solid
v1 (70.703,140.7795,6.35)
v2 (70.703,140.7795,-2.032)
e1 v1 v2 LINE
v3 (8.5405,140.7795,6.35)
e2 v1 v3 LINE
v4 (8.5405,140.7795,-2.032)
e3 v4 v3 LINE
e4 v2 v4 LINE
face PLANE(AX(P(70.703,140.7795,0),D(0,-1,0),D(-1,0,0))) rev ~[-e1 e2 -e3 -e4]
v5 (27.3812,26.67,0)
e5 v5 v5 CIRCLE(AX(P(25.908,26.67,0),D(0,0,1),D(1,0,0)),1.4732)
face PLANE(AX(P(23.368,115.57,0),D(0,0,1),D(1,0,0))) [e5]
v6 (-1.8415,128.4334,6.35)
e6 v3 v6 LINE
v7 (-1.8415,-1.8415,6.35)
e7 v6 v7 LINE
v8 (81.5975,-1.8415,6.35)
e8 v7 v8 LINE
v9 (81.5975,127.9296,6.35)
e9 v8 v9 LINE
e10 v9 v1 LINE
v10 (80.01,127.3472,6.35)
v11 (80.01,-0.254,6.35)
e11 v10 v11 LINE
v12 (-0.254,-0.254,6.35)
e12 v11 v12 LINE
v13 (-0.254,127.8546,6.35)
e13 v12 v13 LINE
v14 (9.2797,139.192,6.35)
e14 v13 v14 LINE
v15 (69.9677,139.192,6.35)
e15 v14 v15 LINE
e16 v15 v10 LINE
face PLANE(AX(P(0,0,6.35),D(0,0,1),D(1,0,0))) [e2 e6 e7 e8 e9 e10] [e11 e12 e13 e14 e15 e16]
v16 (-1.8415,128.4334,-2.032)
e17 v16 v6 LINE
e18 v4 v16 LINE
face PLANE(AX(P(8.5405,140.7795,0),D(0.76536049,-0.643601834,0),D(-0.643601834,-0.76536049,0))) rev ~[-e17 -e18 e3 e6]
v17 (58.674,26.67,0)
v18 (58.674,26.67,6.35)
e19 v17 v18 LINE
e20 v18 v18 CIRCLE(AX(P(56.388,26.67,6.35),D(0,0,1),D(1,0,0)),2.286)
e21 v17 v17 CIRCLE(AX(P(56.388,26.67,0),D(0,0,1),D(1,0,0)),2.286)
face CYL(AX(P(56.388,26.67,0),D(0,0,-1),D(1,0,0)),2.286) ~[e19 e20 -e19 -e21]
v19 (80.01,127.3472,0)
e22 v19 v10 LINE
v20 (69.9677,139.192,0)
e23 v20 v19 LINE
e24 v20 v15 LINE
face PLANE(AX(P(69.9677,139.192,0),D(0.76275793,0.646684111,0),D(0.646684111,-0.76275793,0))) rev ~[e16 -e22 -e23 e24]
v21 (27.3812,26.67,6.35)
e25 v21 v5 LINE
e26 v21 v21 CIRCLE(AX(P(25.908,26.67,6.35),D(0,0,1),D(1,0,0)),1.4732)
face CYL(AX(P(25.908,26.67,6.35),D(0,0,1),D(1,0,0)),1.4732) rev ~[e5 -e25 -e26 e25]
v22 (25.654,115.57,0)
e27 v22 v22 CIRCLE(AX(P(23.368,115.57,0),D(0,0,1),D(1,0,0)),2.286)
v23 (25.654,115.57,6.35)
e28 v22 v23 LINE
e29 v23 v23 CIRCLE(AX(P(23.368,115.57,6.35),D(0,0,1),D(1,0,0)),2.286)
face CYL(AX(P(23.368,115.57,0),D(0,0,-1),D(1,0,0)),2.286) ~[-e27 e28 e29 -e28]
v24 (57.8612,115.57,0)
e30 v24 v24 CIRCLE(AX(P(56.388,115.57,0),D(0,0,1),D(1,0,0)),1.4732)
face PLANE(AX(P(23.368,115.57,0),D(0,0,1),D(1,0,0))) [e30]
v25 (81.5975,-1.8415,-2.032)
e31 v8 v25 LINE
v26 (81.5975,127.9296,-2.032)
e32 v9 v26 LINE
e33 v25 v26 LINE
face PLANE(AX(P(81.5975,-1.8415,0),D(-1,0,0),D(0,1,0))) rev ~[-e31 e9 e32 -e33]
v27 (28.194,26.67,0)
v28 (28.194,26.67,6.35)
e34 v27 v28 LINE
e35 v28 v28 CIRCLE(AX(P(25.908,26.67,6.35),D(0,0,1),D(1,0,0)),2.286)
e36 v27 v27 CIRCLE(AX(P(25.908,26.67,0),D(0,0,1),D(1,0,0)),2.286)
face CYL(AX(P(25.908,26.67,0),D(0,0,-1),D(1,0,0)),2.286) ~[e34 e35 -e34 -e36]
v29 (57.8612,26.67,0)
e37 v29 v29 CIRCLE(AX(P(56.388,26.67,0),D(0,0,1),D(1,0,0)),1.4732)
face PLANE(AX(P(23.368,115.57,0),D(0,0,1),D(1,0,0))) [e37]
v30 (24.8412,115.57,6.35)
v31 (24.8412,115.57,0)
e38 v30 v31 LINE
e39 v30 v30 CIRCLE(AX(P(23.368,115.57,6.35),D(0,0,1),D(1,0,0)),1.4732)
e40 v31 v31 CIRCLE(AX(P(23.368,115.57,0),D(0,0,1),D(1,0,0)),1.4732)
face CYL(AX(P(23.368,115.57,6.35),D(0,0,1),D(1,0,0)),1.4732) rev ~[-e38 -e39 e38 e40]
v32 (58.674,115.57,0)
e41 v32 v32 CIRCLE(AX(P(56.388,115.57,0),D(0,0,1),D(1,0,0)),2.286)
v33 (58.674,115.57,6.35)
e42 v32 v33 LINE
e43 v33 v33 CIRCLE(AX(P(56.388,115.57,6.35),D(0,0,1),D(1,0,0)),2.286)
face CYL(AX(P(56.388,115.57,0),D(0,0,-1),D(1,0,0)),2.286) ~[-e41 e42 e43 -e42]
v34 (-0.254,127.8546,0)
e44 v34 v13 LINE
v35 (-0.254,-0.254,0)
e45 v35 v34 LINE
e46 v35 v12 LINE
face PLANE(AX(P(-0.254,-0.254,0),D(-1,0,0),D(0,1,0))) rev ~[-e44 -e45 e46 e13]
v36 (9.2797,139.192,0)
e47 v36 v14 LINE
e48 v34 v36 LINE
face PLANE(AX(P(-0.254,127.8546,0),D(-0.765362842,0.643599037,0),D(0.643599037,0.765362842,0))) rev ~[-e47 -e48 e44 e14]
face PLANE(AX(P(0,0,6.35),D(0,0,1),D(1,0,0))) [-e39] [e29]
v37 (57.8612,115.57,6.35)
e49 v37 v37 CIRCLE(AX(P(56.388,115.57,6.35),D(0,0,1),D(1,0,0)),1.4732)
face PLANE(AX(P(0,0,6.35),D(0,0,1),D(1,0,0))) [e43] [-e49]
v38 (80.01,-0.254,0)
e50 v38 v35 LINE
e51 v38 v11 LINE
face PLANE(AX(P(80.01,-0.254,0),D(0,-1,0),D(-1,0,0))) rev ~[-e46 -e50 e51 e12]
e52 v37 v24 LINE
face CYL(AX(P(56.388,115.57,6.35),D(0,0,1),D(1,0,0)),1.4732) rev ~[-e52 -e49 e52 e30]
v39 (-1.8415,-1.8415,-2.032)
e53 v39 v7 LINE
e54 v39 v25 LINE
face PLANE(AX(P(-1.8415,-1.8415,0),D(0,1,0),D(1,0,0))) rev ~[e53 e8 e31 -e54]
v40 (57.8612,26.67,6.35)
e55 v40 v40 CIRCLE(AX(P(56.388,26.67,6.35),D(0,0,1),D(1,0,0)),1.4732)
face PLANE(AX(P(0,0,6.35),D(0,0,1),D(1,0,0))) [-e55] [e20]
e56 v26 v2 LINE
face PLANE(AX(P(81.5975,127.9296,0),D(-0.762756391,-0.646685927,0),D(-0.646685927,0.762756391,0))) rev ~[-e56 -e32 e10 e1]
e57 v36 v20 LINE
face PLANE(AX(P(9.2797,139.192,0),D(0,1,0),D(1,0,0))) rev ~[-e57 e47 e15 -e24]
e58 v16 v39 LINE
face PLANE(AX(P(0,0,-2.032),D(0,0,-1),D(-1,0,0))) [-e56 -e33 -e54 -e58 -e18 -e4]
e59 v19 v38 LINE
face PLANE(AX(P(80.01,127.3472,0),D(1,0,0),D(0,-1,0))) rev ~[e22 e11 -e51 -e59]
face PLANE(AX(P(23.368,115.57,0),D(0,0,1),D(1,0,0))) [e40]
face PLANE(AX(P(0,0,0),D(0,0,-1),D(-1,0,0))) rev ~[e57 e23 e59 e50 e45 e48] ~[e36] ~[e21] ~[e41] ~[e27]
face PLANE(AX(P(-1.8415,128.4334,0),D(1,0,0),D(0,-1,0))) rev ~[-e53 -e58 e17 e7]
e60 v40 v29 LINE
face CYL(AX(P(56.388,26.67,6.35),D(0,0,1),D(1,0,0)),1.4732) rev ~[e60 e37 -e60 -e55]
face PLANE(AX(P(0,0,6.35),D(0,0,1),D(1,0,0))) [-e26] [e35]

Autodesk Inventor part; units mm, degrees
ref_plane "YZ Plane" through (0, 0, 0) normal (1, 0, 0) x (0, 1, 0)
ref_plane "XZ Plane" through (0, 0, 0) normal (0, 1, 0) x (-1, 0, 0)
ref_plane "XY Plane" through (0, 0, 0) normal (0, 0, 1) x (1, 0, 0)
sketch "Sketch1" plane through (0, 0, 0) normal (0, 0, 1) x (1, 0, 0)
  line L0 (79.756, 127.254) -> (79.756, 0)
  line L1 (69.85, 138.938) -> (79.756, 127.254)
  line L2 (9.398, 138.938) -> (69.85, 138.938)
  line L3 (0, 127.762) -> (9.398, 138.938)
  line L4 (0, 0) -> (0, 127.762)
  line L5 (79.756, 0) -> (0, 0)
  circle A0 centre (28.448, 132.08) radius 0.51
  circle A1 centre (20.828, 132.08) radius 0.51
  circle A2 centre (22.988, 132.08) radius 0.55
  circle A3 centre (23.368, 115.57) radius 2.54
  circle A4 centre (13.208, 129.54) radius 0.51
  circle A5 centre (6.858, 101.6) radius 0.51
  circle A6 centre (9.398, 101.6) radius 0.51
  circle A7 centre (6.858, 103.76) radius 0.55
  circle A8 centre (9.398, 109.22) radius 0.51
  circle A9 centre (6.858, 109.22) radius 0.51
  circle A10 centre (6.858, 111.38) radius 0.55
  circle A11 centre (6.858, 124.46) radius 0.51
  circle A12 centre (9.398, 124.46) radius 0.51
  circle A13 centre (9.398, 116.84) radius 0.51
  circle A14 centre (6.858, 116.84) radius 0.51
  circle A15 centre (6.858, 119) radius 0.55
  circle A16 centre (6.858, 126.62) radius 0.55
  circle A17 centre (6.858, 96.14) radius 0.55
  circle A18 centre (6.858, 88.52) radius 0.55
  circle A19 centre (9.398, 93.98) radius 0.51
  circle A20 centre (6.858, 93.98) radius 0.51
  circle A21 centre (6.858, 39.37) radius 0.51
  circle A22 centre (6.858, 41.53) radius 0.55
  circle A23 centre (6.858, 49.15) radius 0.55
  circle A24 centre (6.858, 46.99) radius 0.51
  circle A25 centre (6.858, 54.61) radius 0.51
  circle A26 centre (6.858, 56.77) radius 0.55
  circle A27 centre (6.858, 80.9) radius 0.55
  circle A28 centre (6.858, 78.74) radius 0.51
  circle A29 centre (6.858, 73.28) radius 0.55
  circle A30 centre (6.858, 64.39) radius 0.55
  circle A31 centre (6.858, 71.12) radius 0.51
  circle A32 centre (6.858, 62.23) radius 0.51
  circle A33 centre (9.398, 71.12) radius 0.51
  circle A34 centre (9.398, 62.23) radius 0.51
  circle A35 centre (9.398, 39.37) radius 0.51
  circle A36 centre (9.398, 46.99) radius 0.51
  circle A37 centre (9.398, 54.61) radius 0.51
  circle A38 centre (9.398, 78.74) radius 0.51
  circle A39 centre (6.858, 86.36) radius 0.51
  circle A40 centre (9.398, 86.36) radius 0.51
  circle A41 centre (1.778, 78.74) radius 0.51
  circle A42 centre (1.778, 86.36) radius 0.51
  circle A43 centre (1.778, 109.22) radius 0.51
  circle A44 centre (1.778, 101.6) radius 0.51
  circle A45 centre (1.778, 93.98) radius 0.51
  circle A46 centre (4.318, 78.74) radius 0.51
  circle A47 centre (4.318, 86.36) radius 0.51
  circle A48 centre (4.318, 109.22) radius 0.51
  circle A49 centre (4.318, 101.6) radius 0.51
  circle A50 centre (4.318, 93.98) radius 0.51
  circle A51 centre (4.318, 39.37) radius 0.51
  circle A52 centre (1.778, 39.37) radius 0.51
  circle A53 centre (1.778, 54.61) radius 0.51
  circle A54 centre (4.318, 54.61) radius 0.51
  circle A55 centre (4.318, 46.99) radius 0.51
  circle A56 centre (1.778, 46.99) radius 0.51
  circle A57 centre (1.778, 71.12) radius 0.51
  circle A58 centre (4.318, 71.12) radius 0.51
  circle A59 centre (1.778, 62.23) radius 0.51
  circle A60 centre (4.318, 62.23) radius 0.51
  circle A61 centre (4.318, 124.46) radius 0.51
  circle A62 centre (4.318, 116.84) radius 0.51
  circle A63 centre (1.778, 116.84) radius 0.51
  circle A64 centre (1.778, 124.46) radius 0.51
  circle A65 centre (33.528, 40.64) radius 0.5
  circle A66 centre (36.068, 137.16) radius 0.51
  circle A67 centre (36.068, 134.62) radius 0.51
  circle A68 centre (36.068, 132.08) radius 0.51
  circle A69 centre (36.068, 129.54) radius 0.51
  circle A70 centre (33.528, 76.2) radius 0.5
  circle A71 centre (33.528, 78.74) radius 0.5
  circle A72 centre (33.528, 81.28) radius 0.5
  circle A73 centre (33.528, 88.9) radius 0.5
  circle A74 centre (33.528, 86.36) radius 0.5
  circle A75 centre (33.528, 83.82) radius 0.5
  circle A76 centre (33.528, 93.98) radius 0.5
  circle A77 centre (33.528, 91.44) radius 0.5
  circle A78 centre (33.528, 96.52) radius 0.5
  circle A79 centre (33.528, 99.06) radius 0.5
  circle A80 centre (33.528, 45.72) radius 0.5
  circle A81 centre (33.528, 48.26) radius 0.5
  circle A82 centre (33.528, 53.34) radius 0.5
  circle A83 centre (33.528, 50.8) radius 0.5
  circle A84 centre (33.528, 58.42) radius 0.5
  circle A85 centre (33.528, 55.88) radius 0.5
  circle A86 centre (33.528, 73.66) radius 0.5
  circle A87 centre (33.528, 71.12) radius 0.5
  circle A88 centre (33.528, 68.58) radius 0.5
  circle A89 centre (33.528, 63.5) radius 0.5
  circle A90 centre (33.528, 66.04) radius 0.5
  circle A91 centre (33.528, 60.96) radius 0.5
  circle A92 centre (30.608, 132.08) radius 0.55
  circle A93 centre (33.528, 43.18) radius 0.5
  circle A94 centre (13.208, 134.62) radius 0.51
  circle A95 centre (20.828, 134.62) radius 0.51
  circle A96 centre (15.368, 132.08) radius 0.55
  circle A97 centre (13.208, 132.08) radius 0.51
  circle A98 centre (20.828, 129.54) radius 0.51
  circle A99 centre (13.208, 137.16) radius 0.51
  circle A100 centre (20.828, 137.16) radius 0.51
  circle A101 centre (28.448, 137.16) radius 0.51
  circle A102 centre (28.448, 134.62) radius 0.51
  circle A103 centre (28.448, 129.54) radius 0.51
  circle A104 centre (77.978, 44.45) radius 0.51
  circle A105 centre (75.438, 46.61) radius 0.55
  circle A106 centre (75.438, 44.45) radius 0.51
  circle A107 centre (75.438, 54.23) radius 0.55
  circle A108 centre (75.438, 52.07) radius 0.51
  circle A109 centre (77.978, 52.07) radius 0.51
  circle A110 centre (77.978, 60.96) radius 0.51
  circle A111 centre (75.438, 60.96) radius 0.51
  circle A112 centre (75.438, 63.12) radius 0.55
  circle A113 centre (70.358, 52.07) radius 0.51
  circle A114 centre (70.358, 44.45) radius 0.51
  circle A115 centre (70.358, 60.96) radius 0.51
  circle A116 centre (72.898, 60.96) radius 0.51
  circle A117 centre (72.898, 44.45) radius 0.51
  circle A118 centre (72.898, 52.07) radius 0.51
  circle A119 centre (70.358, 68.326) radius 0.51
  circle A120 centre (72.898, 68.326) radius 0.51
  circle A121 centre (77.978, 68.326) radius 0.51
  circle A122 centre (75.438, 68.326) radius 0.51
  circle A123 centre (75.438, 79.376) radius 0.55
  circle A124 centre (75.438, 77.216) radius 0.51
  circle A125 centre (77.978, 77.216) radius 0.51
  circle A126 centre (75.438, 70.486) radius 0.55
  circle A127 centre (72.898, 77.216) radius 0.51
  circle A128 centre (70.358, 77.216) radius 0.51
  circle A129 centre (48.768, 78.74) radius 0.5
  circle A130 centre (48.768, 76.2) radius 0.5
  circle A131 centre (48.768, 73.66) radius 0.5
  circle A132 centre (48.768, 68.58) radius 0.5
  circle A133 centre (48.768, 71.12) radius 0.5
  circle A134 centre (48.768, 66.04) radius 0.5
  circle A135 centre (48.768, 50.8) radius 0.5
  circle A136 centre (48.768, 53.34) radius 0.5
  circle A137 centre (48.768, 58.42) radius 0.5
  circle A138 centre (48.768, 55.88) radius 0.5
  circle A139 centre (48.768, 63.5) radius 0.5
  circle A140 centre (48.768, 60.96) radius 0.5
  circle A141 centre (48.768, 48.26) radius 0.5
  circle A142 centre (48.768, 45.72) radius 0.5
  circle A143 centre (75.438, 103.506) radius 0.55
  circle A144 centre (75.438, 101.346) radius 0.51
  circle A145 centre (72.898, 101.346) radius 0.51
  circle A146 centre (75.438, 95.886) radius 0.55
  circle A147 centre (72.898, 86.106) radius 0.51
  circle A148 centre (75.438, 88.266) radius 0.55
  circle A149 centre (75.438, 86.106) radius 0.51
  circle A150 centre (75.438, 93.726) radius 0.51
  circle A151 centre (72.898, 93.726) radius 0.51
  circle A152 centre (70.358, 93.726) radius 0.51
  circle A153 centre (70.358, 101.346) radius 0.51
  circle A154 centre (70.358, 86.106) radius 0.51
  circle A155 centre (48.768, 86.36) radius 0.5
  circle A156 centre (48.768, 88.9) radius 0.5
  circle A157 centre (48.768, 91.44) radius 0.5
  circle A158 centre (48.768, 96.52) radius 0.5
  circle A159 centre (48.768, 93.98) radius 0.5
  circle A160 centre (48.768, 99.06) radius 0.5
  circle A161 centre (77.978, 93.726) radius 0.51
  circle A162 centre (77.978, 86.106) radius 0.51
  circle A163 centre (77.978, 101.346) radius 0.51
  circle A164 centre (48.768, 83.82) radius 0.5
  circle A165 centre (48.768, 81.28) radius 0.5
  circle A166 centre (66.548, 129.54) radius 0.51
  circle A167 centre (58.928, 129.54) radius 0.51
  circle A168 centre (51.308, 129.54) radius 0.51
  circle A169 centre (70.358, 123.952) radius 0.51
  circle A170 centre (72.898, 116.586) radius 0.51
  circle A171 centre (70.358, 116.586) radius 0.51
  circle A172 centre (72.898, 123.952) radius 0.51
  circle A173 centre (56.388, 115.57) radius 2.54
  circle A174 centre (77.978, 116.586) radius 0.51
  circle A175 centre (75.438, 116.586) radius 0.51
  circle A176 centre (75.438, 118.746) radius 0.55
  circle A177 centre (75.438, 126.112) radius 0.55
  circle A178 centre (75.438, 123.952) radius 0.51
  circle A179 centre (77.978, 123.952) radius 0.51
  circle A180 centre (75.438, 108.966) radius 0.51
  circle A181 centre (77.978, 108.966) radius 0.51
  circle A182 centre (72.898, 108.966) radius 0.51
  circle A183 centre (75.438, 111.126) radius 0.55
  circle A184 centre (70.358, 108.966) radius 0.51
  circle A185 centre (51.308, 137.16) radius 0.51
  circle A186 centre (51.308, 134.62) radius 0.51
  circle A187 centre (58.928, 137.16) radius 0.51
  circle A188 centre (58.928, 134.62) radius 0.51
  circle A189 centre (66.548, 134.62) radius 0.51
  circle A190 centre (66.548, 137.16) radius 0.51
  circle A191 centre (53.468, 132.08) radius 0.55
  circle A192 centre (61.088, 132.08) radius 0.55
  circle A193 centre (58.928, 132.08) radius 0.51
  circle A194 centre (51.308, 132.08) radius 0.51
  circle A195 centre (66.548, 132.08) radius 0.51
  circle A196 centre (68.708, 132.08) radius 0.55
  circle A197 centre (43.688, 129.54) radius 0.51
  circle A198 centre (43.688, 132.08) radius 0.51
  circle A199 centre (43.688, 134.62) radius 0.51
  circle A200 centre (45.848, 132.08) radius 0.55
  circle A201 centre (43.688, 137.16) radius 0.51
  circle A202 centre (48.768, 43.18) radius 0.5
  circle A203 centre (38.228, 132.08) radius 0.55
  circle A204 centre (48.768, 40.64) radius 0.5
  circle A205 centre (4.318, 12.7) radius 0.51
  circle A206 centre (6.858, 14.86) radius 0.55
  circle A207 centre (6.858, 12.7) radius 0.51
  circle A208 centre (9.398, 12.7) radius 0.51
  circle A209 centre (32.258, 14.732) radius 0.89
  circle A210 centre (37.338, 14.732) radius 0.89
  circle A211 centre (77.978, 19.05) radius 0.51
  circle A212 centre (75.438, 19.05) radius 0.51
  circle A213 centre (75.438, 13.59) radius 0.55
  circle A214 centre (70.358, 19.05) radius 0.51
  circle A215 centre (72.898, 19.05) radius 0.51
  circle A216 centre (42.418, 14.732) radius 0.89
  circle A217 centre (47.498, 14.732) radius 0.89
  circle A218 centre (4.318, 21.59) radius 0.51
  circle A219 centre (6.858, 21.59) radius 0.51
  circle A220 centre (9.398, 21.59) radius 0.51
  circle A221 centre (9.398, 30.48) radius 0.51
  circle A222 centre (25.908, 26.67) radius 2.54
  circle A223 centre (77.978, 26.67) radius 0.51
  circle A224 centre (75.438, 26.67) radius 0.51
  circle A225 centre (70.358, 26.67) radius 0.51
  circle A226 centre (72.898, 26.67) radius 0.51
  circle A227 centre (75.438, 28.83) radius 0.55
  circle A228 centre (56.388, 26.67) radius 2.5527
  circle A229 centre (75.438, 21.21) radius 0.55
  circle A230 centre (4.318, 30.48) radius 0.51
  circle A231 centre (6.858, 30.48) radius 0.51
  circle A232 centre (6.858, 23.75) radius 0.55
  circle A233 centre (70.358, 35.56) radius 0.51
  circle A234 centre (72.898, 35.56) radius 0.51
  circle A235 centre (77.978, 35.56) radius 0.51
  circle A236 centre (75.438, 35.56) radius 0.51
  circle A237 centre (6.858, 32.64) radius 0.55
  circle A238 centre (1.778, 30.48) radius 0.51
  circle A239 centre (1.778, 21.59) radius 0.51
  circle A240 centre (1.778, 12.7) radius 0.51
  circle A241 centre (75.438, 37.72) radius 0.55
  circle A242 centre (72.898, 3.81) radius 0.51
  circle A243 centre (77.978, 3.81) radius 0.51
  circle A244 centre (75.438, 3.81) radius 0.51
  circle A245 centre (75.438, 5.97) radius 0.55
  circle A246 centre (70.358, 3.81) radius 0.51
  circle A247 centre (6.858, 7.24) radius 0.55
  circle A248 centre (6.858, 5.08) radius 0.51
  circle A249 centre (9.398, 5.08) radius 0.51
  circle A250 centre (1.778, 5.08) radius 0.51
  circle A251 centre (4.318, 5.08) radius 0.51
  circle A252 centre (75.438, 11.43) radius 0.51
  circle A253 centre (72.898, 11.43) radius 0.51
  circle A254 centre (70.358, 11.43) radius 0.51
  circle A255 centre (77.978, 11.43) radius 0.51
  point P0 (-85.852, 184.15)
sketch "Sketch2" plane through (0, 0, 0) normal (0, 0, 1) x (1, 0, 0)
  circle A0 centre (23.368, 115.57) radius 2.54 projected
  circle A1 centre (56.388, 115.57) radius 2.54 projected
  line L0 (0, 127.762) -> (9.398, 138.938) projected
  line L1 (9.398, 138.938) -> (69.85, 138.938) projected
  line L2 (0, 0) -> (0, 127.762) projected
  line L3 (69.85, 138.938) -> (79.756, 127.254) projected
  line L4 (79.756, 127.254) -> (79.756, 0) projected
  line L5 (79.756, 0) -> (0, 0) projected
  circle A2 centre (25.908, 26.67) radius 2.54 projected
  circle A3 centre (56.388, 26.67) radius 2.5527 projected
  circle A4 centre (23.368, 115.57) radius 2.286
  circle A5 centre (56.388, 115.57) radius 2.286
  circle A6 centre (25.908, 26.67) radius 2.286
  circle A7 centre (56.388, 26.67) radius 2.286
  line L6 (-0.254, 127.8546) -> (9.2797, 139.192)
  line L7 (9.2797, 139.192) -> (69.9677, 139.192)
  line L8 (69.9677, 139.192) -> (80.01, 127.3472)
  line L9 (80.01, 127.3472) -> (80.01, -0.254)
  line L10 (80.01, -0.254) -> (-0.254, -0.254)
  line L11 (-0.254, -0.254) -> (-0.254, 127.8546)
  line L12 (8.5405, 140.7795) -> (-1.8415, 128.4334)
  line L13 (-1.8415, 128.4334) -> (-1.8415, -1.8415)
  line L14 (-1.8415, -1.8415) -> (81.5975, -1.8415)
  line L15 (81.5975, -1.8415) -> (81.5975, 127.9296)
  line L16 (81.5975, 127.9296) -> (70.703, 140.7795)
  line L17 (70.703, 140.7795) -> (8.5405, 140.7795)
  dimension "d528" = 0.254
  dimension "d532" = 0.254
  dimension "d533" = 1.5875
extrude "Extrusion1" add sketch "Sketch2" along normal blind 6.35 contours A4 | A5 | A6 | A7 | L17 L16 L15 L14 L13 L12
sketch "Sketch4" plane through (0, 0, 0) normal (0, 0, -1) x (-1, 0, 0)
  line L0 (1.8415, 128.4334) -> (1.8415, -1.8415) projected
  line L1 (-8.5405, 140.7795) -> (1.8415, 128.4334) projected
  line L2 (-70.703, 140.7795) -> (-8.5405, 140.7795) projected
  line L3 (-81.5975, 127.9296) -> (-70.703, 140.7795) projected
  line L4 (-81.5975, -1.8415) -> (-81.5975, 127.9296) projected
  line L5 (1.8415, -1.8415) -> (-81.5975, -1.8415) projected
  line L6 (0.254, 127.8546) -> (-9.2797, 139.192) projected
  line L7 (0.254, -0.254) -> (0.254, 127.8546) projected
  line L8 (-80.01, -0.254) -> (0.254, -0.254) projected
  line L9 (-80.01, 127.3472) -> (-80.01, -0.254) projected
  line L10 (-69.9677, 139.192) -> (-80.01, 127.3472) projected
  line L11 (-9.2797, 139.192) -> (-69.9677, 139.192) projected
  point P0 (0, 0)
extrude "Extrusion3" add sketch "Sketch4" along normal blind 2.032 contours L0 L5 L4 L3 L2 L1 | L7 L8 L9 L10 L11 L6
sketch "Sketch5" plane through (23.368, 115.57, 6.35) normal (0, 0, 1) x (1, 0, 0)
  circle A0 centre (0, 0) radius 2.286 construction
  circle A1 centre (33.02, 0) radius 2.286 construction
  circle A2 centre (2.54, -88.9) radius 2.286 construction
  circle A3 centre (33.02, -88.9) radius 2.286 construction
  circle A4 centre (0, 0) radius 2.286 projected
  circle A5 centre (0, 0) radius 1.4732
  circle A6 centre (33.02, 0) radius 2.286 projected
  circle A7 centre (33.02, 0) radius 1.4732
  circle A8 centre (33.02, -88.9) radius 2.286 projected
  circle A9 centre (33.02, -88.9) radius 1.4732
  circle A10 centre (2.54, -88.9) radius 1.4732
  point P0 (-23.368, -115.57)
  dimension "d540" = 2.9464
extrude "Extrusion4" cut sketch "Sketch5" against normal up to surface (6.35 mm away) contours A5 | A7 | A9 | A10
properties part number "CaseV1" material "ABS Plastic"
